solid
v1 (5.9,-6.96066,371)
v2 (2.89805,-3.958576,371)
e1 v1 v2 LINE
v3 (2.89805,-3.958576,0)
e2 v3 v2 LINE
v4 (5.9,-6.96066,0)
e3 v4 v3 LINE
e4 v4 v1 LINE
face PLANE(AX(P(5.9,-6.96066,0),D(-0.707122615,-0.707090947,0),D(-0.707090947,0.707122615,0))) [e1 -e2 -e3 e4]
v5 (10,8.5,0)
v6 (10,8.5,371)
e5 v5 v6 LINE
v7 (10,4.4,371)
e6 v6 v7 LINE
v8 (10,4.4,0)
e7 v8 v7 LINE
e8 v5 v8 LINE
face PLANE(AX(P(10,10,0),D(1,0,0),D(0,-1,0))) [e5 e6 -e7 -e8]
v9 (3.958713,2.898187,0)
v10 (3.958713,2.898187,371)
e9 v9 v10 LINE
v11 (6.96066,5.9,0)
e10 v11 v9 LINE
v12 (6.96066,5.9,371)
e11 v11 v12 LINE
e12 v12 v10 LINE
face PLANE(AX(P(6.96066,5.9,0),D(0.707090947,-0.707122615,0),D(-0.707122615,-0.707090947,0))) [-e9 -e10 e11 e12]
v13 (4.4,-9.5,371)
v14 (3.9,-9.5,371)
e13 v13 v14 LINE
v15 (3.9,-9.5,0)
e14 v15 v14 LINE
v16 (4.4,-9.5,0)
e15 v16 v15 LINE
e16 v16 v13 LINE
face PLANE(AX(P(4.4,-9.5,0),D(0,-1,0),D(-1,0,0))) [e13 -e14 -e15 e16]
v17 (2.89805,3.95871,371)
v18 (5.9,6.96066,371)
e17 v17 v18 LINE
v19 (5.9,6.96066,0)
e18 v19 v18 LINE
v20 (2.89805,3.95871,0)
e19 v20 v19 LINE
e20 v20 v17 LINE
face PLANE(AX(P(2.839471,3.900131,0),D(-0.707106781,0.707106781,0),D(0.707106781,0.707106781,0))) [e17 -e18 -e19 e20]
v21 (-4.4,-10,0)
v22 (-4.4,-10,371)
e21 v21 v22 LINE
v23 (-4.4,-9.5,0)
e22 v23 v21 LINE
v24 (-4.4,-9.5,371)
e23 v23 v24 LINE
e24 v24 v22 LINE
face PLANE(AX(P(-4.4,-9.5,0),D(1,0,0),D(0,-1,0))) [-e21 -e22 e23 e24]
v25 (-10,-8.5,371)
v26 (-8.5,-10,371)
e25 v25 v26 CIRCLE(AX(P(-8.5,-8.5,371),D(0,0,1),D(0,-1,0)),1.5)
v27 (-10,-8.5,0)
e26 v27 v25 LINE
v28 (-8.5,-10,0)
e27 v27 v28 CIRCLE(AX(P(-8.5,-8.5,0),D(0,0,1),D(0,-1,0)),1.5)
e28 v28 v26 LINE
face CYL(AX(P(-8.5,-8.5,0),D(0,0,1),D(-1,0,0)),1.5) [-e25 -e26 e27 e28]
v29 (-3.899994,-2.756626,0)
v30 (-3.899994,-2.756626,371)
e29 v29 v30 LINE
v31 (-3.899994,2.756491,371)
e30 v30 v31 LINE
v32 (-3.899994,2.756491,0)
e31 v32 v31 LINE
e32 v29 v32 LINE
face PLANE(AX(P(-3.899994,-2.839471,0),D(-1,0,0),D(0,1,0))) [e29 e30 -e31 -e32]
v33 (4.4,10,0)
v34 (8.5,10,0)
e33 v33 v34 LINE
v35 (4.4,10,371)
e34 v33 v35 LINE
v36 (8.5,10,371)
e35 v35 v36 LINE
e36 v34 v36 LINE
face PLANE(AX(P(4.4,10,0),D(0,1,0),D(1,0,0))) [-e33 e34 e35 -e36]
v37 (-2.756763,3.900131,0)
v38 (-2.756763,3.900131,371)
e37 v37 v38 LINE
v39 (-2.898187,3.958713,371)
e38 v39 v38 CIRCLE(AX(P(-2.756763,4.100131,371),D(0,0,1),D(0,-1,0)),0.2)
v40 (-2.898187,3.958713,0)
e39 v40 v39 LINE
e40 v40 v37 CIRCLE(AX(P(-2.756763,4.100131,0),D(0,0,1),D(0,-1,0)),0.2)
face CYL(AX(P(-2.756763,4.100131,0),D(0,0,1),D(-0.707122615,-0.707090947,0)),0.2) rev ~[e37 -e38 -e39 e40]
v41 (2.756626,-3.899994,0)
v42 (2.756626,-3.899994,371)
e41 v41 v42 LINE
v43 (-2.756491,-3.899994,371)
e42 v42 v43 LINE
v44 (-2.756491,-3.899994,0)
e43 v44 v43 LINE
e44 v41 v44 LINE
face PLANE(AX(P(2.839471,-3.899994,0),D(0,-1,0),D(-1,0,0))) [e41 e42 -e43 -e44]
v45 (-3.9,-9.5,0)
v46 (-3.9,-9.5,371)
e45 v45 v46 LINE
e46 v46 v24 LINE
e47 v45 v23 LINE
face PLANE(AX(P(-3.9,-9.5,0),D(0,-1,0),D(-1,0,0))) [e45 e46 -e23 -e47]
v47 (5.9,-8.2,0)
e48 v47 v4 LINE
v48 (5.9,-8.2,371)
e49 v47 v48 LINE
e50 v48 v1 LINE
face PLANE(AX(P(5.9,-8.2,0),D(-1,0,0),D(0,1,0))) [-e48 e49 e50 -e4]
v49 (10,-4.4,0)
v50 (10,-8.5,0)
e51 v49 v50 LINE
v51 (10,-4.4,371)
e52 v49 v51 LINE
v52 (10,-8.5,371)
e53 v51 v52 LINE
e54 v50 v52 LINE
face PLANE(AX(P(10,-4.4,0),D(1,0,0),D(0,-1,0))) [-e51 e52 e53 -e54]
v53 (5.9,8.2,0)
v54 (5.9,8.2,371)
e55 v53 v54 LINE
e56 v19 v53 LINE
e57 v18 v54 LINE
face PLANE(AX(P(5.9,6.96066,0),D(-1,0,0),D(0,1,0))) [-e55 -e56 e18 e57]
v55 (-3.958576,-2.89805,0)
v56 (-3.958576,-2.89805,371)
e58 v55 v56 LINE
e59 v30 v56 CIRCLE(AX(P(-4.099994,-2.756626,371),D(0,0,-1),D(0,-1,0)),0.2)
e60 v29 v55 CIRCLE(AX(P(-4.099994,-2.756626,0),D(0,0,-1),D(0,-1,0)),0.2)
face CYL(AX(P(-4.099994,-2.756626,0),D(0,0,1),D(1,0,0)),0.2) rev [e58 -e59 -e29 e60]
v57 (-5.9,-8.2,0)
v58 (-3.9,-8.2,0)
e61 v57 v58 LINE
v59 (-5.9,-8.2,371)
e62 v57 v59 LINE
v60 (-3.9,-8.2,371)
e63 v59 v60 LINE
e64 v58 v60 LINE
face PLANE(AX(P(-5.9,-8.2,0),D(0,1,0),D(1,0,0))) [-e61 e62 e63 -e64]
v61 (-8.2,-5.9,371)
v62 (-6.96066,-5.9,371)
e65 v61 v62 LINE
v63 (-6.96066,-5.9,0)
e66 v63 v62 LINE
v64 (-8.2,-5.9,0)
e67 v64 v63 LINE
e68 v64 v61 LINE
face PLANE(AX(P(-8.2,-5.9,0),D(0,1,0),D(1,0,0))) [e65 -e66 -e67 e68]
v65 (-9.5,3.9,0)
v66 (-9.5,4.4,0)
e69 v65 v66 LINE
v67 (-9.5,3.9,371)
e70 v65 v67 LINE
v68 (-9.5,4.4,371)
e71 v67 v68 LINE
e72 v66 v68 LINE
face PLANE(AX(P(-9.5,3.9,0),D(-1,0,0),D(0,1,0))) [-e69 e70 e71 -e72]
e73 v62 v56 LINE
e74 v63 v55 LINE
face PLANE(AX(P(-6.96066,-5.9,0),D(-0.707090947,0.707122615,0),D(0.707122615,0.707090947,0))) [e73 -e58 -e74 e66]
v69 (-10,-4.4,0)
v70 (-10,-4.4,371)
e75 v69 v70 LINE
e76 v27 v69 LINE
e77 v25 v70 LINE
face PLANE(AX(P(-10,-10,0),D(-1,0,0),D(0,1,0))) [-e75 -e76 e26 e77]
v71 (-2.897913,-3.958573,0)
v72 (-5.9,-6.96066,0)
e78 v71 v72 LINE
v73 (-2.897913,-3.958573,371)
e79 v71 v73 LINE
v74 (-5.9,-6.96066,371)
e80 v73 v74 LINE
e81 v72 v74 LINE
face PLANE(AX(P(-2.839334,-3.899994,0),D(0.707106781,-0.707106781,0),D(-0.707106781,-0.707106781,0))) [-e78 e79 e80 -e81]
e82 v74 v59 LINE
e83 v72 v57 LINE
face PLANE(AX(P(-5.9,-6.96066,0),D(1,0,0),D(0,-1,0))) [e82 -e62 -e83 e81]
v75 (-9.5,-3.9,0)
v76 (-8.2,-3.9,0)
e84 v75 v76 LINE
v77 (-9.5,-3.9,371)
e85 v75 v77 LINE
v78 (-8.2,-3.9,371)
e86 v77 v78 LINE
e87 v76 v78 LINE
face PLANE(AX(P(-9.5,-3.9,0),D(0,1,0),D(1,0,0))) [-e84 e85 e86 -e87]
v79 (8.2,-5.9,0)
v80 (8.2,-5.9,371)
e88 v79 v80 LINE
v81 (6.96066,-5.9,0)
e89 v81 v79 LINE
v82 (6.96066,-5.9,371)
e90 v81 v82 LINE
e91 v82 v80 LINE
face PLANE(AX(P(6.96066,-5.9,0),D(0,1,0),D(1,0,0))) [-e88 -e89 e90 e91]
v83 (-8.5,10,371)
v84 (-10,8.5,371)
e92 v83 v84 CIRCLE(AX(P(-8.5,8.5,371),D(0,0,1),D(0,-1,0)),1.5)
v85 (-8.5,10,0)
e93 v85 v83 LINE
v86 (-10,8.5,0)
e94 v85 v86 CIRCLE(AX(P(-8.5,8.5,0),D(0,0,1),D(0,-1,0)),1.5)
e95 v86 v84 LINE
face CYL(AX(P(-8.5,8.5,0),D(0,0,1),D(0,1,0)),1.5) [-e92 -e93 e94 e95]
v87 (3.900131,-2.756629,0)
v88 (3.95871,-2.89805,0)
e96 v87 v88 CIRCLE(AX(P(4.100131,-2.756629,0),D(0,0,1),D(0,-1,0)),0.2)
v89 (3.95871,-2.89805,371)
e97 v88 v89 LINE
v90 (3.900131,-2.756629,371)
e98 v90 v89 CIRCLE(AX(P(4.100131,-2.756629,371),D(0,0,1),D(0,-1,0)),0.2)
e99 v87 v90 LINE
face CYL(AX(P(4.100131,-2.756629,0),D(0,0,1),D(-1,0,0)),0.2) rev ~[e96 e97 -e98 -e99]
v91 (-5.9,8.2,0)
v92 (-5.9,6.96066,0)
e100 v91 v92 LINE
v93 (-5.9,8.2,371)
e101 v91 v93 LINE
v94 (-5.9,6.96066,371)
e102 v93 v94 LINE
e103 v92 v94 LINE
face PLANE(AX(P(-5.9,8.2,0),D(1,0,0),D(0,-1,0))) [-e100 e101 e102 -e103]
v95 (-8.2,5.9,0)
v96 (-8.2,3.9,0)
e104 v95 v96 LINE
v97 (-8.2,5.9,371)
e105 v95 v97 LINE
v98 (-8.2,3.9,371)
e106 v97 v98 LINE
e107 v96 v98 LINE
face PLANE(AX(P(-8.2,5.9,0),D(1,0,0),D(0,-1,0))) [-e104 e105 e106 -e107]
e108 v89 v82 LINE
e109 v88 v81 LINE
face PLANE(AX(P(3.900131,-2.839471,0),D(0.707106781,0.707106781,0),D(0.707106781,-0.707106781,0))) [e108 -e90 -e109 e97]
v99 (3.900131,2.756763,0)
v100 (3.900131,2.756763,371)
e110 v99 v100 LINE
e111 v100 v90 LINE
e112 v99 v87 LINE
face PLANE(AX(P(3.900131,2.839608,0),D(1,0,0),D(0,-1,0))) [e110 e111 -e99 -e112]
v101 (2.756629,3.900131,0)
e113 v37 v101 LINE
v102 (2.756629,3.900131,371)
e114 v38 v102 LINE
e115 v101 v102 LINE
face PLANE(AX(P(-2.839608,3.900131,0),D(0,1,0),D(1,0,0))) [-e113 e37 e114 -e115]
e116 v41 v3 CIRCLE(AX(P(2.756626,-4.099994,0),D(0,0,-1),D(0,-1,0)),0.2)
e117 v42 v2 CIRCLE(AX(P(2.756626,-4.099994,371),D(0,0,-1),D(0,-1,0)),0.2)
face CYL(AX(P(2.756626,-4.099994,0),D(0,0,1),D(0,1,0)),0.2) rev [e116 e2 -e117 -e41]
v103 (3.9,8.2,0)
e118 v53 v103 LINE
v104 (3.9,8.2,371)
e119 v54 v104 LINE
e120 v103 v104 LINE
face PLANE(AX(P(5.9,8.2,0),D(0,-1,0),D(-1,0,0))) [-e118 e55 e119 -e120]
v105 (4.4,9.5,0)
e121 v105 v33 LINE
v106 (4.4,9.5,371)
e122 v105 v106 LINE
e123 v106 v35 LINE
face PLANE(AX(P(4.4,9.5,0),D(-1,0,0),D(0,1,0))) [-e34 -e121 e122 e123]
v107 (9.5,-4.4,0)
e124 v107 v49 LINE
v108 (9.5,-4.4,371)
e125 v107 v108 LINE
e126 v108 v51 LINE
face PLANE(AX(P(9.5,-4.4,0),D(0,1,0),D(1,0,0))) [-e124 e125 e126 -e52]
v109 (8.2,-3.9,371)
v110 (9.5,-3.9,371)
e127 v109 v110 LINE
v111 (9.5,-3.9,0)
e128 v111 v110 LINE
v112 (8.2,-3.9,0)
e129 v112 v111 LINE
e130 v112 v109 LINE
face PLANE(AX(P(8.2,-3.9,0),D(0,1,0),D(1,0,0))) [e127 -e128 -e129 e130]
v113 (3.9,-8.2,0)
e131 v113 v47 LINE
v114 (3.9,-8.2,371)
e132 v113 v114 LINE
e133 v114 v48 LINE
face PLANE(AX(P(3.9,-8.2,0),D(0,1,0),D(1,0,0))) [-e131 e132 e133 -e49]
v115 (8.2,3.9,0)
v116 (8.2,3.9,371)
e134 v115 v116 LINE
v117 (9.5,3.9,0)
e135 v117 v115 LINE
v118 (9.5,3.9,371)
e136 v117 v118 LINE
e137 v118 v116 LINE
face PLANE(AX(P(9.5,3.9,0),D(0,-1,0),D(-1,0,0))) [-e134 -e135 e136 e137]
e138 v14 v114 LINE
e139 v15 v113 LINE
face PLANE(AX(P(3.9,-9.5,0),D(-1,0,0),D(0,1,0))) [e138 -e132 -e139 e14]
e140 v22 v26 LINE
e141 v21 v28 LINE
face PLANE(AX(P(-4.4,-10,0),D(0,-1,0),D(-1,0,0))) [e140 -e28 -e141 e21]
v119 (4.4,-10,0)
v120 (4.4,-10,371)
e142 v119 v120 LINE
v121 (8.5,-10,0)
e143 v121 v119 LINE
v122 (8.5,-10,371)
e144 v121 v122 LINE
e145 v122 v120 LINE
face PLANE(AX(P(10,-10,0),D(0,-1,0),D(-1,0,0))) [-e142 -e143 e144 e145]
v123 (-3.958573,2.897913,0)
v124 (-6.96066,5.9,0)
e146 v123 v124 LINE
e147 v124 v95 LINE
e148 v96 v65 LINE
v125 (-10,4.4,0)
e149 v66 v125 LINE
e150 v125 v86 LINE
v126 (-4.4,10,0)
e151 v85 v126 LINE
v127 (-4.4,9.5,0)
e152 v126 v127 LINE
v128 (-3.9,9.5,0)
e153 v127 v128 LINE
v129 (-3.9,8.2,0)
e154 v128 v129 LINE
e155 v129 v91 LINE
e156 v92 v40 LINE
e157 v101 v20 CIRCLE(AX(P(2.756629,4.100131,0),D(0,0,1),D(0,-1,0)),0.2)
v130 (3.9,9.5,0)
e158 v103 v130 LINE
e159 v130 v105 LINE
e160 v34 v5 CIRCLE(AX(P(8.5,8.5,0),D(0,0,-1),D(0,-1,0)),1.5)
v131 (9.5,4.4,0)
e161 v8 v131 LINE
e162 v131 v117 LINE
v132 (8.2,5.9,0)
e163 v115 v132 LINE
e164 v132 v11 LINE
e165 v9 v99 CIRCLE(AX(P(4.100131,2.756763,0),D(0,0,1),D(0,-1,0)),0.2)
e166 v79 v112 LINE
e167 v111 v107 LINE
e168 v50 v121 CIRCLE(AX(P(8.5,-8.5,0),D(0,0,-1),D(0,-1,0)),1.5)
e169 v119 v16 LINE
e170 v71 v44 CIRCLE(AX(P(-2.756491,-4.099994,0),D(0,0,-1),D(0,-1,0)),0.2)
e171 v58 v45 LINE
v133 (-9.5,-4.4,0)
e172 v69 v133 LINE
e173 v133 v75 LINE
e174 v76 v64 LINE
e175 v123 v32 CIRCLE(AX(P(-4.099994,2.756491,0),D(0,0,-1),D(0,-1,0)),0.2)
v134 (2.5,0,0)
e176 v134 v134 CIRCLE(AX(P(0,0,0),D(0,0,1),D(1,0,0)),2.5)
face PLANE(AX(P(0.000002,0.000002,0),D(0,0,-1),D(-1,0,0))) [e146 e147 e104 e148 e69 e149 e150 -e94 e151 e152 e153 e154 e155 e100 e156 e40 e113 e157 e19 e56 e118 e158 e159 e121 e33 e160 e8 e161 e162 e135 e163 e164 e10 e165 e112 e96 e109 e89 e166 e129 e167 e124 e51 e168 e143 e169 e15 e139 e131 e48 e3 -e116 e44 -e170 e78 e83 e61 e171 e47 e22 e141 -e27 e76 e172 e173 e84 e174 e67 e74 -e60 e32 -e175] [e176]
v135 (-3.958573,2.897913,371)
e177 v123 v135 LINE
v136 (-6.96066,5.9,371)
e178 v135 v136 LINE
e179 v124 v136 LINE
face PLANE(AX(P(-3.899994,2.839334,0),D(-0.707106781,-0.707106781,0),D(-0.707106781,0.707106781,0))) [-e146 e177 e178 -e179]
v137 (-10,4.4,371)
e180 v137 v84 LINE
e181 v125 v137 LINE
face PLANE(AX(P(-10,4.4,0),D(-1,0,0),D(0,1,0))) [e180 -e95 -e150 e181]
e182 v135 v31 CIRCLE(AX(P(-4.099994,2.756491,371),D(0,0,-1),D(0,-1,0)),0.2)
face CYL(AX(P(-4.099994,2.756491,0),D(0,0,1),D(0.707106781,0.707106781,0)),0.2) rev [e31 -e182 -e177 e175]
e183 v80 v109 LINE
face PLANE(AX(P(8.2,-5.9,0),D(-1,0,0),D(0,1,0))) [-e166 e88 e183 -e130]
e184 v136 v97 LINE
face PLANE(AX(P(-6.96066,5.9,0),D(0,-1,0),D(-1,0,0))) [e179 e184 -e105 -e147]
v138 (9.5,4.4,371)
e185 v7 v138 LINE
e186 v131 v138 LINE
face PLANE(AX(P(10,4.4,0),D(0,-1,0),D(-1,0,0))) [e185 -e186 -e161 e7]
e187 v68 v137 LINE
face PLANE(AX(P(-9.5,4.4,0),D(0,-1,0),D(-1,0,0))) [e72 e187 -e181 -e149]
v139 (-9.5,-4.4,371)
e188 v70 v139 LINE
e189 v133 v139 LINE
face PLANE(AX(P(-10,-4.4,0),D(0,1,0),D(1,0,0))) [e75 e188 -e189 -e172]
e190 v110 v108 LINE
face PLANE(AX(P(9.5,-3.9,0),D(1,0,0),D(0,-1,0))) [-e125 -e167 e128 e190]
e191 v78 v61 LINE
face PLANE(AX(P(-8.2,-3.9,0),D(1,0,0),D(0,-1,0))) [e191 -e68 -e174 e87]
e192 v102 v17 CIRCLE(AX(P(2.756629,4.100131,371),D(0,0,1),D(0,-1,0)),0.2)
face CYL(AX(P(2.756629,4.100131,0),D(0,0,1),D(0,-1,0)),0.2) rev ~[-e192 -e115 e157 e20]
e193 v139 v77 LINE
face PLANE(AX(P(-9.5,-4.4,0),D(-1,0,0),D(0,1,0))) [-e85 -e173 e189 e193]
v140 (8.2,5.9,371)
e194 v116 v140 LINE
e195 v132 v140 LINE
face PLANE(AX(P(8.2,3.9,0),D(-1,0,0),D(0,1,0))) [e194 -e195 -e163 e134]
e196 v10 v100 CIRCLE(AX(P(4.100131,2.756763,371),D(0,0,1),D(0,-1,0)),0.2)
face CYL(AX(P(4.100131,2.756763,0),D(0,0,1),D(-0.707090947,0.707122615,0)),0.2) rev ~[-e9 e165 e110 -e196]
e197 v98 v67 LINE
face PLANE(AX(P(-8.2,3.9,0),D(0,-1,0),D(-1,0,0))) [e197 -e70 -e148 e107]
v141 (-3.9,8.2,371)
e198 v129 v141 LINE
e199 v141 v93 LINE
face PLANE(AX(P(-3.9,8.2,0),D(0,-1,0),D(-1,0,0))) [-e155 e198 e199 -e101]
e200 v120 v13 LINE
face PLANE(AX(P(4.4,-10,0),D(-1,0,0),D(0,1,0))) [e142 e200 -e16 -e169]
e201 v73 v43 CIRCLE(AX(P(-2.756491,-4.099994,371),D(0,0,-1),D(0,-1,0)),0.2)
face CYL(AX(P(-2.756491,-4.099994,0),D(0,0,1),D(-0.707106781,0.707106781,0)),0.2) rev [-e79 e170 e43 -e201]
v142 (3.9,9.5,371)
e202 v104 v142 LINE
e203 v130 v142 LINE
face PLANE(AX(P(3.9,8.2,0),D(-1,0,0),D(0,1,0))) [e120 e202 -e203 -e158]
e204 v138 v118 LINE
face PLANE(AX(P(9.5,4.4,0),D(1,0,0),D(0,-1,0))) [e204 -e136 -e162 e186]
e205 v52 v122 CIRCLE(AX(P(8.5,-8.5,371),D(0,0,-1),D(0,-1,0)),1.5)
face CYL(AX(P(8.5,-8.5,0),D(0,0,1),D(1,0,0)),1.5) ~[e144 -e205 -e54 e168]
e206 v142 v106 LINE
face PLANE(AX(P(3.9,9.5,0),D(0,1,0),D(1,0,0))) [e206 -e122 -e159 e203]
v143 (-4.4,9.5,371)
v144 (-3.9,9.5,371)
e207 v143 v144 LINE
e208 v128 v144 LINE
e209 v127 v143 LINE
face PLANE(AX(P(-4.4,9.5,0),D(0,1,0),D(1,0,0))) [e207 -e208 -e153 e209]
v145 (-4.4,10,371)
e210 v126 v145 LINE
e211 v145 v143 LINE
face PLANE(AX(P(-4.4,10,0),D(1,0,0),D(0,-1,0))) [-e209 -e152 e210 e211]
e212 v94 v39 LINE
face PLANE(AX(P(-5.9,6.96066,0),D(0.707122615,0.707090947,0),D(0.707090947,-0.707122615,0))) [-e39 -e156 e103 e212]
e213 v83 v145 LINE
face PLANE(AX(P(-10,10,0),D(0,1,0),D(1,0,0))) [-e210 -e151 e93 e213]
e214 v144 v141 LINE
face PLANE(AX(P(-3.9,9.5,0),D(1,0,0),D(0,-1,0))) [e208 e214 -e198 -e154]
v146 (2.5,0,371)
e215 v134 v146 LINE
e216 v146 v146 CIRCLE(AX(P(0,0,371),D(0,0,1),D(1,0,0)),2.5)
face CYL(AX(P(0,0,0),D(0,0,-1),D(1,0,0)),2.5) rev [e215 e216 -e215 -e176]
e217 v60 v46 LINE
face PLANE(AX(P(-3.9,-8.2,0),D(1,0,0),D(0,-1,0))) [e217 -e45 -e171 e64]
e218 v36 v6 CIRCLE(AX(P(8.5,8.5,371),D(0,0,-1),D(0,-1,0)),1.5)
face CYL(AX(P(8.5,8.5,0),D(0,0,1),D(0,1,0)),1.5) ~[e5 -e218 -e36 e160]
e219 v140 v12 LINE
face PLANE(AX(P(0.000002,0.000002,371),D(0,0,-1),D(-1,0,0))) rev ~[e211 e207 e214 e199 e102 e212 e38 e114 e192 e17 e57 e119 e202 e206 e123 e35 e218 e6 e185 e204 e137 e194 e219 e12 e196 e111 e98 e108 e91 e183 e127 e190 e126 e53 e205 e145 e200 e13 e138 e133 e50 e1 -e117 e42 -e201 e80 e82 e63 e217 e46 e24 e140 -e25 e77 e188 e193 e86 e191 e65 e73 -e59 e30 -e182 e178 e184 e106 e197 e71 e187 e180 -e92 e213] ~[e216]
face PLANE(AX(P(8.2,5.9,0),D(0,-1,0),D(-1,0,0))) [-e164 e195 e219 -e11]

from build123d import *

# Parameters (mm, degrees)
SKETCH_1_R      = 2.5
EXTRUDE_1_DEPTH = 371
FILLET_1_R      = 1.5
FILLET_2_R      = 0.2


with BuildPart() as part:
    # 草图1 → 凸台-拉伸1 (new body)
    with BuildSketch(Plane.XY):
        Polygon((-10, 10), (-4.4, 10), (-4.4, 9.5), (-3.9, 9.5), (-3.9, 8.2), (-5.9, 8.2), (-5.9, 6.960660172), (-2.839608303, 3.900131414), (2.839471243, 3.900131414), (5.9, 6.960660172), (5.9, 8.2), (3.9, 8.2), (3.9, 9.5), (4.4, 9.5), (4.4, 10), (10, 10), (10, 4.4), (9.5, 4.4), (9.5, 3.9), (8.2, 3.9), (8.2, 5.9), (6.960660172, 5.9), (3.900131414, 2.839608303), (3.900131414, -2.839471243), (6.960660172, -5.9), (8.2, -5.9), (8.2, -3.9), (9.5, -3.9), (9.5, -4.4), (10, -4.4), (10, -10), (4.4, -10), (4.4, -9.5), (3.9, -9.5), (3.9, -8.2), (5.9, -8.2), (5.9, -6.960660172), (2.839471243, -3.899994348), (-2.839334176, -3.899994348), (-5.9, -6.960660172), (-5.9, -8.2), (-3.9, -8.2), (-3.9, -9.5), (-4.4, -9.5), (-4.4, -10), (-10, -10), (-10, -4.4), (-9.5, -4.4), (-9.5, -3.9), (-8.2, -3.9), (-8.2, -5.9), (-6.960660172, -5.9), (-3.899994348, -2.839471243), (-3.899994348, 2.839334176), (-6.960660172, 5.9), (-8.2, 5.9), (-8.2, 3.9), (-9.5, 3.9), (-9.5, 4.4), (-10, 4.4), align=None)
        Circle(SKETCH_1_R, mode=Mode.SUBTRACT)
    extrude(amount=EXTRUDE_1_DEPTH)

    # 圆角1
    fillet_1_edges = [part.edges().sort_by_distance(p)[0] for p in [
        (10, 10, 185.5),
        (10, -10, 185.5),
        (-10, -10, 185.5),
        (-10, 10, 185.5),
    ]]
    fillet(fillet_1_edges, radius=FILLET_1_R)

    # 圆角2
    fillet_2_edges = [part.edges().sort_by_distance(p)[0] for p in [
        (3.900131414, 2.839608303, 185.5),
        (3.900131414, -2.839471243, 185.5),
        (2.839471243, -3.899994348, 185.5),
        (-2.839334176, -3.899994348, 185.5),
        (-3.899994348, -2.839471243, 185.5),
        (-3.899994348, 2.839334176, 185.5),
        (-2.839608303, 3.900131414, 185.5),
        (2.839471243, 3.900131414, 185.5),
    ]]
    fillet(fillet_2_edges, radius=FILLET_2_R)


solid = part.part
